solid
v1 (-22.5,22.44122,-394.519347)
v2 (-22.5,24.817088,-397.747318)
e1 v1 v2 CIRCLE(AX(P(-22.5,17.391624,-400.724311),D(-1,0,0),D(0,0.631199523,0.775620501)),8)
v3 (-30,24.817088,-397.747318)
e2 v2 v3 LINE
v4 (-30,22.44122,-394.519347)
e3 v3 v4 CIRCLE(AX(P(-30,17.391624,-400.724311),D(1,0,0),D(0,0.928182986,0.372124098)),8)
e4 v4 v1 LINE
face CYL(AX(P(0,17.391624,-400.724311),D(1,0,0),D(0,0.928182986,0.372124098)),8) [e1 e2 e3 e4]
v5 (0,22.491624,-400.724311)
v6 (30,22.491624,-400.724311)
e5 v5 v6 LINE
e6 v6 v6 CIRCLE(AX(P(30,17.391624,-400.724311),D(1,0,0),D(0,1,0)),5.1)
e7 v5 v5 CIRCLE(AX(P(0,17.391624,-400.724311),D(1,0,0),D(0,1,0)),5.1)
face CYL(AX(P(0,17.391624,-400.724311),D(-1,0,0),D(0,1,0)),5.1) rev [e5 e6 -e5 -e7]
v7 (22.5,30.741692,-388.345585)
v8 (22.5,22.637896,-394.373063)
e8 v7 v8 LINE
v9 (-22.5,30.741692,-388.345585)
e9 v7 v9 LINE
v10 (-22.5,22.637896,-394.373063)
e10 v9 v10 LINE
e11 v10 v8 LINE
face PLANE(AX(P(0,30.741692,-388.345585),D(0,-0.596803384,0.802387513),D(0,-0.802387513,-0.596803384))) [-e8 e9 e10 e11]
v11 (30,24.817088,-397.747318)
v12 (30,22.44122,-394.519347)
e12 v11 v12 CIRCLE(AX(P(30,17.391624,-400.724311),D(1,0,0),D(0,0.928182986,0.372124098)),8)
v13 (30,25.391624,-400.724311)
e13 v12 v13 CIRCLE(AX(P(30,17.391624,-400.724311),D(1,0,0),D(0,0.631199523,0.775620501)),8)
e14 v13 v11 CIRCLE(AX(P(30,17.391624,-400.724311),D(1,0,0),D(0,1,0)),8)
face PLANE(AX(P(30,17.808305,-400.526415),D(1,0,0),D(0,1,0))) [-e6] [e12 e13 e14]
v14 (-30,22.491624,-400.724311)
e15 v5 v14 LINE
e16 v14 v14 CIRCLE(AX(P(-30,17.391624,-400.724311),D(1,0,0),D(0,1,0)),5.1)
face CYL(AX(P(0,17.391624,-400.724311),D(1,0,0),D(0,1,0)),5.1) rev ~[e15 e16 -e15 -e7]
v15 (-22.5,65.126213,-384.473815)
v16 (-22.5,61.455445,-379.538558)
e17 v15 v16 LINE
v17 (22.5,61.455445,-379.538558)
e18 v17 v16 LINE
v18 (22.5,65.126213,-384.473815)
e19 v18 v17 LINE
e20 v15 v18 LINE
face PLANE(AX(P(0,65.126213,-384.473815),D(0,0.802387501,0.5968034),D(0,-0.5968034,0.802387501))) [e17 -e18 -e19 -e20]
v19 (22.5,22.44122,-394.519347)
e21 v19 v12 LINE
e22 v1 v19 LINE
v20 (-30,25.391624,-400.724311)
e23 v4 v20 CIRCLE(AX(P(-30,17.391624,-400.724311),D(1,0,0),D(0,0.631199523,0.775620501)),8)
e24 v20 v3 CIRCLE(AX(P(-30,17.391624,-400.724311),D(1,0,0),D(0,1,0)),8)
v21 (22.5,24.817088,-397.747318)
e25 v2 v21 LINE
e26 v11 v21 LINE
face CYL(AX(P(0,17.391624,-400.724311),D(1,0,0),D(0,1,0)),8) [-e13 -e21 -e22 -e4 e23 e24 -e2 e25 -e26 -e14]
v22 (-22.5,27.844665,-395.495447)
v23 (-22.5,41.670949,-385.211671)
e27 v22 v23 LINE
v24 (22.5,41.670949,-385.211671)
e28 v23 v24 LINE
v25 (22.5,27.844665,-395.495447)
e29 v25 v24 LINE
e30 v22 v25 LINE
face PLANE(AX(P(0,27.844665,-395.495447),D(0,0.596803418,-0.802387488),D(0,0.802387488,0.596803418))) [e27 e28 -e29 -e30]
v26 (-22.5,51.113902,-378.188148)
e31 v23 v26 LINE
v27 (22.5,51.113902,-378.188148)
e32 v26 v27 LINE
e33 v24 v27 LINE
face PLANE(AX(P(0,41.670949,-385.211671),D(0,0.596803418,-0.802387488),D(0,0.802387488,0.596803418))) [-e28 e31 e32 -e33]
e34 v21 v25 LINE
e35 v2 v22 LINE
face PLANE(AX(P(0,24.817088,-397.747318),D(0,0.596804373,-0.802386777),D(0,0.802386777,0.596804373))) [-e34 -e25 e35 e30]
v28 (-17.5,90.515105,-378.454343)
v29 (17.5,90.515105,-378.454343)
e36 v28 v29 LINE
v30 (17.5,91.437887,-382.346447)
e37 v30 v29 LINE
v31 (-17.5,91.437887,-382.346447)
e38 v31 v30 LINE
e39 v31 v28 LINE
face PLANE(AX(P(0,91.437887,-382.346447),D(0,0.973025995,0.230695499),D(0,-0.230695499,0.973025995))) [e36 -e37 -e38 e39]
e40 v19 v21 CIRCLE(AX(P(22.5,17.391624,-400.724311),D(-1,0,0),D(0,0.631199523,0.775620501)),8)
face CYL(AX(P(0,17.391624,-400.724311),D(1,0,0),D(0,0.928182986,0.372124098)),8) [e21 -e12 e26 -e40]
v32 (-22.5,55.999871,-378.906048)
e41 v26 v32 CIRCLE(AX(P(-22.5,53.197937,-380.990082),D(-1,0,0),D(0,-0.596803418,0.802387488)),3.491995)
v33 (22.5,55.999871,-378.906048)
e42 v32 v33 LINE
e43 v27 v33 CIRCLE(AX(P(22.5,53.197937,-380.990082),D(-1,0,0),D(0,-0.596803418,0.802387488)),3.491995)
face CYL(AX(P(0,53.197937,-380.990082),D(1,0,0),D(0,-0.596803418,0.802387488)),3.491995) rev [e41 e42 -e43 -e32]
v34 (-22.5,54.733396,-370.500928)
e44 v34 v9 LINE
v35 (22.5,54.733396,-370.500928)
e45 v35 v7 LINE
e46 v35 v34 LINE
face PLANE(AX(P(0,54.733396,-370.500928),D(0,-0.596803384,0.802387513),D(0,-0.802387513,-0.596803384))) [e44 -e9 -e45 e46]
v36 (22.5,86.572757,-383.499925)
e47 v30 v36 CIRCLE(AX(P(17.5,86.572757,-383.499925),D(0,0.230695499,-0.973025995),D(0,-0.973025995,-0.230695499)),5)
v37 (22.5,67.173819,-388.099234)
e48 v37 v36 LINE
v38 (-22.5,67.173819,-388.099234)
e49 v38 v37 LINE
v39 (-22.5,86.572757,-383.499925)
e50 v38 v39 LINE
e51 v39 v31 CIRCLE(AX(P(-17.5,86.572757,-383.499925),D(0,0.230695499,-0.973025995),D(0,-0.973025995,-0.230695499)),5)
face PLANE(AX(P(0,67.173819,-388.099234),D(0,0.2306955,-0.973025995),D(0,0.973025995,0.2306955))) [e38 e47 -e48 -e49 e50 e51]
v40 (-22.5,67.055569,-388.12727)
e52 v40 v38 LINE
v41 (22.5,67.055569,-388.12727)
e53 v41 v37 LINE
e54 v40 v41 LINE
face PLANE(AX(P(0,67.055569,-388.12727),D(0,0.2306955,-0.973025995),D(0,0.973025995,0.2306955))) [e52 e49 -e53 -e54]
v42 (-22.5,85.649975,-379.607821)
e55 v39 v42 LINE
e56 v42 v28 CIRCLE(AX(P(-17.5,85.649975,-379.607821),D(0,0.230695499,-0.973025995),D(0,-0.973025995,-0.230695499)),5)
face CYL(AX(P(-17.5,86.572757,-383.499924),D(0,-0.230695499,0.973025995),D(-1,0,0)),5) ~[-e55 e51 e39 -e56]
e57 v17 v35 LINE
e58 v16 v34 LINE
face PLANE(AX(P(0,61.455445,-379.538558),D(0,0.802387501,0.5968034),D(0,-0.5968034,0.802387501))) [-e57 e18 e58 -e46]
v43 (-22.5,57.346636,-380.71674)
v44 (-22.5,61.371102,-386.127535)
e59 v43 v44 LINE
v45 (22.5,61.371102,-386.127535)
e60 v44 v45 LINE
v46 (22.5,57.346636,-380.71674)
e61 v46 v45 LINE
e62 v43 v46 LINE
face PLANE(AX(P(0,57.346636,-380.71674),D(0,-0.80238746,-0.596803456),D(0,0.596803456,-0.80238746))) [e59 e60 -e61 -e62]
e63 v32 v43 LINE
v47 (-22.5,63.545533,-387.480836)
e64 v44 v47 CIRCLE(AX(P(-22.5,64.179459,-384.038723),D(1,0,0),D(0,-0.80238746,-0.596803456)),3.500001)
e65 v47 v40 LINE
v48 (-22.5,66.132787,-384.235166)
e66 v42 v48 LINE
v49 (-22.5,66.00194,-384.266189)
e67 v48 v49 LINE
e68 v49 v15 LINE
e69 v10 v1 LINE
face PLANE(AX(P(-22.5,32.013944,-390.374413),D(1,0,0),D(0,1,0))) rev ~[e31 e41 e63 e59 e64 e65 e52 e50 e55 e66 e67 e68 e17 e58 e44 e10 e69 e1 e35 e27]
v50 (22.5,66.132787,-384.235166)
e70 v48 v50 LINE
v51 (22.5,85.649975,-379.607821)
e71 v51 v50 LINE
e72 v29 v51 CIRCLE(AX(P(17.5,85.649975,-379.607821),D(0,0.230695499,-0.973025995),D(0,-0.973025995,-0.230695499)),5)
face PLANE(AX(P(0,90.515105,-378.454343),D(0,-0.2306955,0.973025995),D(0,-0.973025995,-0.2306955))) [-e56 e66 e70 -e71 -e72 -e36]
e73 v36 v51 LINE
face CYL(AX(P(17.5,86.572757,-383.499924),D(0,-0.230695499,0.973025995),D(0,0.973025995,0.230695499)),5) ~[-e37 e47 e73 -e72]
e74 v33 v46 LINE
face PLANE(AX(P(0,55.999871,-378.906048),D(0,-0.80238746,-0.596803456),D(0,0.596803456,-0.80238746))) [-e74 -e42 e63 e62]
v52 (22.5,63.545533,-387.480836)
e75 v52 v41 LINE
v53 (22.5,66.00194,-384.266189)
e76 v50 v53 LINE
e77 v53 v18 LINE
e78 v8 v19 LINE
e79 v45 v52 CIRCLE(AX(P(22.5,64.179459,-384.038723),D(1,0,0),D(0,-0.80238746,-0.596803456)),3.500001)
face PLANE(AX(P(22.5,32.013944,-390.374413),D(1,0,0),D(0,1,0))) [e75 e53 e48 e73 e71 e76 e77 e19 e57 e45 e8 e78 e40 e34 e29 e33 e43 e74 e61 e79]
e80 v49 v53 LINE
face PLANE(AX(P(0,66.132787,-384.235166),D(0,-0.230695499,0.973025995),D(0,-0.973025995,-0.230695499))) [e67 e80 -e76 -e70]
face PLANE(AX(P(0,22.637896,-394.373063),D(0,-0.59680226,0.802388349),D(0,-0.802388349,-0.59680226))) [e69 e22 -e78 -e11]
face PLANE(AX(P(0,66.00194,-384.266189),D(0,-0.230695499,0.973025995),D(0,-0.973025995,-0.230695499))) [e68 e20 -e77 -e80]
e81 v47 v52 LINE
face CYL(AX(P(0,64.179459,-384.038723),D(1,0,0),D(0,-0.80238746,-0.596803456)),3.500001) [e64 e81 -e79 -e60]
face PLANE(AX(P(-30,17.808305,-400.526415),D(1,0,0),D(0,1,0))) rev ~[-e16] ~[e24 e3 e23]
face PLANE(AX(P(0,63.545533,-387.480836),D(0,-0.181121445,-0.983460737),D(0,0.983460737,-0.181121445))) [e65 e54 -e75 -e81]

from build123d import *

# Parameters (mm, degrees)
F0_R     = 5.1
F1_DEPTH = 30
F2_DEPTH = 22.5
F3_R     = 5


with BuildPart() as f1:
    # F0 (on Right) → F1 (new body, symmetric)
    with BuildSketch(Plane.YZ):
        with BuildLine():
            ThreePointArc((24.8170878902, -397.7473182194), (23.8345837656, -395.9821311786), (22.4412201864, -394.5193469909))
            ThreePointArc((22.4412201864, -394.5193469909), (10.1667790366, -404.1596589088), (25.391624, -400.724311))
            ThreePointArc((25.391624, -400.724311), (25.2466768681, -399.2083477949), (24.8170878902, -397.7473182194))
        make_face()
        with Locations((17.391624, -400.724311)):
            Circle(F0_R, mode=Mode.SUBTRACT)
    extrude(amount=F1_DEPTH, both=True)

    # F0 (on Right) → F2 (join, symmetric)
    with BuildSketch(Plane.YZ):
        with BuildLine():
            Line((41.6709488454, -385.2116712139), (30.7416916961, -388.3455854761))
            Line((30.7416916961, -388.3455854761), (22.637896, -394.373063))
            Line((22.637896, -394.373063), (22.936297, -394.774257))
            ThreePointArc((22.936297, -394.774257), (25.2411173155, -396.1514104487), (27.8446650687, -395.4954474882))
            Line((27.8446650687, -395.4954474882), (41.6709488454, -385.2116712139))
        make_face()
        with BuildLine():
            Line((57.3466358684, -380.7167399976), (61.4554451408, -379.5385578207))
            Line((61.4554451408, -379.5385578207), (54.733396, -370.500928))
            Line((54.733396, -370.500928), (30.7416916961, -388.3455854761))
            Line((30.7416916961, -388.3455854761), (41.6709488454, -385.2116712139))
            Line((41.6709488454, -385.2116712139), (51.1139020687, -378.1881484882))
            ThreePointArc((51.1139020687, -378.1881484882), (53.7055684242, -377.5351807229), (55.999871, -378.906048))
            Line((55.999871, -378.906048), (57.3466358684, -380.7167399976))
        make_face()
        with BuildLine():
            Line((65.1262132866, -384.4738153538), (61.4554451408, -379.5385578207))
            Line((61.4554451408, -379.5385578207), (57.3466358684, -380.7167399976))
            Line((57.3466358684, -380.7167399976), (61.371102, -386.127535))
            ThreePointArc((61.371102, -386.127535), (62.3300853011, -387.0102243008), (63.5455334662, -387.4808357451))
            ThreePointArc((63.5455334662, -387.4808357451), (64.9729225904, -387.4475961696), (66.26827, -386.84708))
            Line((66.26827, -386.84708), (66.669464, -386.548678))
            Line((66.669464, -386.548678), (65.1262132866, -384.4738153538))
        make_face()
        Polygon((66.132787, -384.235166), (66.6175101107, -386.2796280266), (67.1738194665, -388.0992339037), (91.437887, -382.346447), (90.515105, -378.454343), align=None)
        with BuildLine():
            Line((66.001939903, -384.2661886412), (65.1262132866, -384.4738153538))
            Line((65.1262132866, -384.4738153538), (66.669464, -386.548678))
            Line((66.669464, -386.548678), (66.26827, -386.84708))
            ThreePointArc((66.26827, -386.84708), (64.9729225904, -387.4475961696), (63.5455334662, -387.4808357451))
            Line((63.5455334662, -387.4808357451), (67.055569, -388.12727))
            Line((67.055569, -388.12727), (66.6175101107, -386.2796280266))
            Line((66.6175101107, -386.2796280266), (66.001939903, -384.2661886412))
        make_face()
        Polygon((66.132787, -384.235166), (66.001939903, -384.2661886412), (66.6175101107, -386.2796280266), align=None)
        Polygon((67.1738194665, -388.0992339037), (66.6175101107, -386.2796280266), (67.055569, -388.12727), align=None)
        with BuildLine():
            Line((22.936297, -394.774257), (22.637896, -394.373063))
            Line((22.637896, -394.373063), (22.4412201864, -394.5193469909))
            ThreePointArc((22.4412201864, -394.5193469909), (23.8345837656, -395.9821311786), (24.8170878902, -397.7473182194))
            Line((24.8170878902, -397.7473182194), (27.8446650687, -395.4954474882))
            ThreePointArc((27.8446650687, -395.4954474882), (25.2411173155, -396.1514104487), (22.936297, -394.774257))
        make_face()
    extrude(amount=F2_DEPTH, both=True)

    # F3
    f3_edges = [f1.edges().sort_by_distance(p)[0] for p in [
        (22.5, 90.976496, -380.400395),
        (-22.5, 90.976496, -380.400395),
    ]]
    fillet(f3_edges, radius=F3_R)


solid = f1.part
